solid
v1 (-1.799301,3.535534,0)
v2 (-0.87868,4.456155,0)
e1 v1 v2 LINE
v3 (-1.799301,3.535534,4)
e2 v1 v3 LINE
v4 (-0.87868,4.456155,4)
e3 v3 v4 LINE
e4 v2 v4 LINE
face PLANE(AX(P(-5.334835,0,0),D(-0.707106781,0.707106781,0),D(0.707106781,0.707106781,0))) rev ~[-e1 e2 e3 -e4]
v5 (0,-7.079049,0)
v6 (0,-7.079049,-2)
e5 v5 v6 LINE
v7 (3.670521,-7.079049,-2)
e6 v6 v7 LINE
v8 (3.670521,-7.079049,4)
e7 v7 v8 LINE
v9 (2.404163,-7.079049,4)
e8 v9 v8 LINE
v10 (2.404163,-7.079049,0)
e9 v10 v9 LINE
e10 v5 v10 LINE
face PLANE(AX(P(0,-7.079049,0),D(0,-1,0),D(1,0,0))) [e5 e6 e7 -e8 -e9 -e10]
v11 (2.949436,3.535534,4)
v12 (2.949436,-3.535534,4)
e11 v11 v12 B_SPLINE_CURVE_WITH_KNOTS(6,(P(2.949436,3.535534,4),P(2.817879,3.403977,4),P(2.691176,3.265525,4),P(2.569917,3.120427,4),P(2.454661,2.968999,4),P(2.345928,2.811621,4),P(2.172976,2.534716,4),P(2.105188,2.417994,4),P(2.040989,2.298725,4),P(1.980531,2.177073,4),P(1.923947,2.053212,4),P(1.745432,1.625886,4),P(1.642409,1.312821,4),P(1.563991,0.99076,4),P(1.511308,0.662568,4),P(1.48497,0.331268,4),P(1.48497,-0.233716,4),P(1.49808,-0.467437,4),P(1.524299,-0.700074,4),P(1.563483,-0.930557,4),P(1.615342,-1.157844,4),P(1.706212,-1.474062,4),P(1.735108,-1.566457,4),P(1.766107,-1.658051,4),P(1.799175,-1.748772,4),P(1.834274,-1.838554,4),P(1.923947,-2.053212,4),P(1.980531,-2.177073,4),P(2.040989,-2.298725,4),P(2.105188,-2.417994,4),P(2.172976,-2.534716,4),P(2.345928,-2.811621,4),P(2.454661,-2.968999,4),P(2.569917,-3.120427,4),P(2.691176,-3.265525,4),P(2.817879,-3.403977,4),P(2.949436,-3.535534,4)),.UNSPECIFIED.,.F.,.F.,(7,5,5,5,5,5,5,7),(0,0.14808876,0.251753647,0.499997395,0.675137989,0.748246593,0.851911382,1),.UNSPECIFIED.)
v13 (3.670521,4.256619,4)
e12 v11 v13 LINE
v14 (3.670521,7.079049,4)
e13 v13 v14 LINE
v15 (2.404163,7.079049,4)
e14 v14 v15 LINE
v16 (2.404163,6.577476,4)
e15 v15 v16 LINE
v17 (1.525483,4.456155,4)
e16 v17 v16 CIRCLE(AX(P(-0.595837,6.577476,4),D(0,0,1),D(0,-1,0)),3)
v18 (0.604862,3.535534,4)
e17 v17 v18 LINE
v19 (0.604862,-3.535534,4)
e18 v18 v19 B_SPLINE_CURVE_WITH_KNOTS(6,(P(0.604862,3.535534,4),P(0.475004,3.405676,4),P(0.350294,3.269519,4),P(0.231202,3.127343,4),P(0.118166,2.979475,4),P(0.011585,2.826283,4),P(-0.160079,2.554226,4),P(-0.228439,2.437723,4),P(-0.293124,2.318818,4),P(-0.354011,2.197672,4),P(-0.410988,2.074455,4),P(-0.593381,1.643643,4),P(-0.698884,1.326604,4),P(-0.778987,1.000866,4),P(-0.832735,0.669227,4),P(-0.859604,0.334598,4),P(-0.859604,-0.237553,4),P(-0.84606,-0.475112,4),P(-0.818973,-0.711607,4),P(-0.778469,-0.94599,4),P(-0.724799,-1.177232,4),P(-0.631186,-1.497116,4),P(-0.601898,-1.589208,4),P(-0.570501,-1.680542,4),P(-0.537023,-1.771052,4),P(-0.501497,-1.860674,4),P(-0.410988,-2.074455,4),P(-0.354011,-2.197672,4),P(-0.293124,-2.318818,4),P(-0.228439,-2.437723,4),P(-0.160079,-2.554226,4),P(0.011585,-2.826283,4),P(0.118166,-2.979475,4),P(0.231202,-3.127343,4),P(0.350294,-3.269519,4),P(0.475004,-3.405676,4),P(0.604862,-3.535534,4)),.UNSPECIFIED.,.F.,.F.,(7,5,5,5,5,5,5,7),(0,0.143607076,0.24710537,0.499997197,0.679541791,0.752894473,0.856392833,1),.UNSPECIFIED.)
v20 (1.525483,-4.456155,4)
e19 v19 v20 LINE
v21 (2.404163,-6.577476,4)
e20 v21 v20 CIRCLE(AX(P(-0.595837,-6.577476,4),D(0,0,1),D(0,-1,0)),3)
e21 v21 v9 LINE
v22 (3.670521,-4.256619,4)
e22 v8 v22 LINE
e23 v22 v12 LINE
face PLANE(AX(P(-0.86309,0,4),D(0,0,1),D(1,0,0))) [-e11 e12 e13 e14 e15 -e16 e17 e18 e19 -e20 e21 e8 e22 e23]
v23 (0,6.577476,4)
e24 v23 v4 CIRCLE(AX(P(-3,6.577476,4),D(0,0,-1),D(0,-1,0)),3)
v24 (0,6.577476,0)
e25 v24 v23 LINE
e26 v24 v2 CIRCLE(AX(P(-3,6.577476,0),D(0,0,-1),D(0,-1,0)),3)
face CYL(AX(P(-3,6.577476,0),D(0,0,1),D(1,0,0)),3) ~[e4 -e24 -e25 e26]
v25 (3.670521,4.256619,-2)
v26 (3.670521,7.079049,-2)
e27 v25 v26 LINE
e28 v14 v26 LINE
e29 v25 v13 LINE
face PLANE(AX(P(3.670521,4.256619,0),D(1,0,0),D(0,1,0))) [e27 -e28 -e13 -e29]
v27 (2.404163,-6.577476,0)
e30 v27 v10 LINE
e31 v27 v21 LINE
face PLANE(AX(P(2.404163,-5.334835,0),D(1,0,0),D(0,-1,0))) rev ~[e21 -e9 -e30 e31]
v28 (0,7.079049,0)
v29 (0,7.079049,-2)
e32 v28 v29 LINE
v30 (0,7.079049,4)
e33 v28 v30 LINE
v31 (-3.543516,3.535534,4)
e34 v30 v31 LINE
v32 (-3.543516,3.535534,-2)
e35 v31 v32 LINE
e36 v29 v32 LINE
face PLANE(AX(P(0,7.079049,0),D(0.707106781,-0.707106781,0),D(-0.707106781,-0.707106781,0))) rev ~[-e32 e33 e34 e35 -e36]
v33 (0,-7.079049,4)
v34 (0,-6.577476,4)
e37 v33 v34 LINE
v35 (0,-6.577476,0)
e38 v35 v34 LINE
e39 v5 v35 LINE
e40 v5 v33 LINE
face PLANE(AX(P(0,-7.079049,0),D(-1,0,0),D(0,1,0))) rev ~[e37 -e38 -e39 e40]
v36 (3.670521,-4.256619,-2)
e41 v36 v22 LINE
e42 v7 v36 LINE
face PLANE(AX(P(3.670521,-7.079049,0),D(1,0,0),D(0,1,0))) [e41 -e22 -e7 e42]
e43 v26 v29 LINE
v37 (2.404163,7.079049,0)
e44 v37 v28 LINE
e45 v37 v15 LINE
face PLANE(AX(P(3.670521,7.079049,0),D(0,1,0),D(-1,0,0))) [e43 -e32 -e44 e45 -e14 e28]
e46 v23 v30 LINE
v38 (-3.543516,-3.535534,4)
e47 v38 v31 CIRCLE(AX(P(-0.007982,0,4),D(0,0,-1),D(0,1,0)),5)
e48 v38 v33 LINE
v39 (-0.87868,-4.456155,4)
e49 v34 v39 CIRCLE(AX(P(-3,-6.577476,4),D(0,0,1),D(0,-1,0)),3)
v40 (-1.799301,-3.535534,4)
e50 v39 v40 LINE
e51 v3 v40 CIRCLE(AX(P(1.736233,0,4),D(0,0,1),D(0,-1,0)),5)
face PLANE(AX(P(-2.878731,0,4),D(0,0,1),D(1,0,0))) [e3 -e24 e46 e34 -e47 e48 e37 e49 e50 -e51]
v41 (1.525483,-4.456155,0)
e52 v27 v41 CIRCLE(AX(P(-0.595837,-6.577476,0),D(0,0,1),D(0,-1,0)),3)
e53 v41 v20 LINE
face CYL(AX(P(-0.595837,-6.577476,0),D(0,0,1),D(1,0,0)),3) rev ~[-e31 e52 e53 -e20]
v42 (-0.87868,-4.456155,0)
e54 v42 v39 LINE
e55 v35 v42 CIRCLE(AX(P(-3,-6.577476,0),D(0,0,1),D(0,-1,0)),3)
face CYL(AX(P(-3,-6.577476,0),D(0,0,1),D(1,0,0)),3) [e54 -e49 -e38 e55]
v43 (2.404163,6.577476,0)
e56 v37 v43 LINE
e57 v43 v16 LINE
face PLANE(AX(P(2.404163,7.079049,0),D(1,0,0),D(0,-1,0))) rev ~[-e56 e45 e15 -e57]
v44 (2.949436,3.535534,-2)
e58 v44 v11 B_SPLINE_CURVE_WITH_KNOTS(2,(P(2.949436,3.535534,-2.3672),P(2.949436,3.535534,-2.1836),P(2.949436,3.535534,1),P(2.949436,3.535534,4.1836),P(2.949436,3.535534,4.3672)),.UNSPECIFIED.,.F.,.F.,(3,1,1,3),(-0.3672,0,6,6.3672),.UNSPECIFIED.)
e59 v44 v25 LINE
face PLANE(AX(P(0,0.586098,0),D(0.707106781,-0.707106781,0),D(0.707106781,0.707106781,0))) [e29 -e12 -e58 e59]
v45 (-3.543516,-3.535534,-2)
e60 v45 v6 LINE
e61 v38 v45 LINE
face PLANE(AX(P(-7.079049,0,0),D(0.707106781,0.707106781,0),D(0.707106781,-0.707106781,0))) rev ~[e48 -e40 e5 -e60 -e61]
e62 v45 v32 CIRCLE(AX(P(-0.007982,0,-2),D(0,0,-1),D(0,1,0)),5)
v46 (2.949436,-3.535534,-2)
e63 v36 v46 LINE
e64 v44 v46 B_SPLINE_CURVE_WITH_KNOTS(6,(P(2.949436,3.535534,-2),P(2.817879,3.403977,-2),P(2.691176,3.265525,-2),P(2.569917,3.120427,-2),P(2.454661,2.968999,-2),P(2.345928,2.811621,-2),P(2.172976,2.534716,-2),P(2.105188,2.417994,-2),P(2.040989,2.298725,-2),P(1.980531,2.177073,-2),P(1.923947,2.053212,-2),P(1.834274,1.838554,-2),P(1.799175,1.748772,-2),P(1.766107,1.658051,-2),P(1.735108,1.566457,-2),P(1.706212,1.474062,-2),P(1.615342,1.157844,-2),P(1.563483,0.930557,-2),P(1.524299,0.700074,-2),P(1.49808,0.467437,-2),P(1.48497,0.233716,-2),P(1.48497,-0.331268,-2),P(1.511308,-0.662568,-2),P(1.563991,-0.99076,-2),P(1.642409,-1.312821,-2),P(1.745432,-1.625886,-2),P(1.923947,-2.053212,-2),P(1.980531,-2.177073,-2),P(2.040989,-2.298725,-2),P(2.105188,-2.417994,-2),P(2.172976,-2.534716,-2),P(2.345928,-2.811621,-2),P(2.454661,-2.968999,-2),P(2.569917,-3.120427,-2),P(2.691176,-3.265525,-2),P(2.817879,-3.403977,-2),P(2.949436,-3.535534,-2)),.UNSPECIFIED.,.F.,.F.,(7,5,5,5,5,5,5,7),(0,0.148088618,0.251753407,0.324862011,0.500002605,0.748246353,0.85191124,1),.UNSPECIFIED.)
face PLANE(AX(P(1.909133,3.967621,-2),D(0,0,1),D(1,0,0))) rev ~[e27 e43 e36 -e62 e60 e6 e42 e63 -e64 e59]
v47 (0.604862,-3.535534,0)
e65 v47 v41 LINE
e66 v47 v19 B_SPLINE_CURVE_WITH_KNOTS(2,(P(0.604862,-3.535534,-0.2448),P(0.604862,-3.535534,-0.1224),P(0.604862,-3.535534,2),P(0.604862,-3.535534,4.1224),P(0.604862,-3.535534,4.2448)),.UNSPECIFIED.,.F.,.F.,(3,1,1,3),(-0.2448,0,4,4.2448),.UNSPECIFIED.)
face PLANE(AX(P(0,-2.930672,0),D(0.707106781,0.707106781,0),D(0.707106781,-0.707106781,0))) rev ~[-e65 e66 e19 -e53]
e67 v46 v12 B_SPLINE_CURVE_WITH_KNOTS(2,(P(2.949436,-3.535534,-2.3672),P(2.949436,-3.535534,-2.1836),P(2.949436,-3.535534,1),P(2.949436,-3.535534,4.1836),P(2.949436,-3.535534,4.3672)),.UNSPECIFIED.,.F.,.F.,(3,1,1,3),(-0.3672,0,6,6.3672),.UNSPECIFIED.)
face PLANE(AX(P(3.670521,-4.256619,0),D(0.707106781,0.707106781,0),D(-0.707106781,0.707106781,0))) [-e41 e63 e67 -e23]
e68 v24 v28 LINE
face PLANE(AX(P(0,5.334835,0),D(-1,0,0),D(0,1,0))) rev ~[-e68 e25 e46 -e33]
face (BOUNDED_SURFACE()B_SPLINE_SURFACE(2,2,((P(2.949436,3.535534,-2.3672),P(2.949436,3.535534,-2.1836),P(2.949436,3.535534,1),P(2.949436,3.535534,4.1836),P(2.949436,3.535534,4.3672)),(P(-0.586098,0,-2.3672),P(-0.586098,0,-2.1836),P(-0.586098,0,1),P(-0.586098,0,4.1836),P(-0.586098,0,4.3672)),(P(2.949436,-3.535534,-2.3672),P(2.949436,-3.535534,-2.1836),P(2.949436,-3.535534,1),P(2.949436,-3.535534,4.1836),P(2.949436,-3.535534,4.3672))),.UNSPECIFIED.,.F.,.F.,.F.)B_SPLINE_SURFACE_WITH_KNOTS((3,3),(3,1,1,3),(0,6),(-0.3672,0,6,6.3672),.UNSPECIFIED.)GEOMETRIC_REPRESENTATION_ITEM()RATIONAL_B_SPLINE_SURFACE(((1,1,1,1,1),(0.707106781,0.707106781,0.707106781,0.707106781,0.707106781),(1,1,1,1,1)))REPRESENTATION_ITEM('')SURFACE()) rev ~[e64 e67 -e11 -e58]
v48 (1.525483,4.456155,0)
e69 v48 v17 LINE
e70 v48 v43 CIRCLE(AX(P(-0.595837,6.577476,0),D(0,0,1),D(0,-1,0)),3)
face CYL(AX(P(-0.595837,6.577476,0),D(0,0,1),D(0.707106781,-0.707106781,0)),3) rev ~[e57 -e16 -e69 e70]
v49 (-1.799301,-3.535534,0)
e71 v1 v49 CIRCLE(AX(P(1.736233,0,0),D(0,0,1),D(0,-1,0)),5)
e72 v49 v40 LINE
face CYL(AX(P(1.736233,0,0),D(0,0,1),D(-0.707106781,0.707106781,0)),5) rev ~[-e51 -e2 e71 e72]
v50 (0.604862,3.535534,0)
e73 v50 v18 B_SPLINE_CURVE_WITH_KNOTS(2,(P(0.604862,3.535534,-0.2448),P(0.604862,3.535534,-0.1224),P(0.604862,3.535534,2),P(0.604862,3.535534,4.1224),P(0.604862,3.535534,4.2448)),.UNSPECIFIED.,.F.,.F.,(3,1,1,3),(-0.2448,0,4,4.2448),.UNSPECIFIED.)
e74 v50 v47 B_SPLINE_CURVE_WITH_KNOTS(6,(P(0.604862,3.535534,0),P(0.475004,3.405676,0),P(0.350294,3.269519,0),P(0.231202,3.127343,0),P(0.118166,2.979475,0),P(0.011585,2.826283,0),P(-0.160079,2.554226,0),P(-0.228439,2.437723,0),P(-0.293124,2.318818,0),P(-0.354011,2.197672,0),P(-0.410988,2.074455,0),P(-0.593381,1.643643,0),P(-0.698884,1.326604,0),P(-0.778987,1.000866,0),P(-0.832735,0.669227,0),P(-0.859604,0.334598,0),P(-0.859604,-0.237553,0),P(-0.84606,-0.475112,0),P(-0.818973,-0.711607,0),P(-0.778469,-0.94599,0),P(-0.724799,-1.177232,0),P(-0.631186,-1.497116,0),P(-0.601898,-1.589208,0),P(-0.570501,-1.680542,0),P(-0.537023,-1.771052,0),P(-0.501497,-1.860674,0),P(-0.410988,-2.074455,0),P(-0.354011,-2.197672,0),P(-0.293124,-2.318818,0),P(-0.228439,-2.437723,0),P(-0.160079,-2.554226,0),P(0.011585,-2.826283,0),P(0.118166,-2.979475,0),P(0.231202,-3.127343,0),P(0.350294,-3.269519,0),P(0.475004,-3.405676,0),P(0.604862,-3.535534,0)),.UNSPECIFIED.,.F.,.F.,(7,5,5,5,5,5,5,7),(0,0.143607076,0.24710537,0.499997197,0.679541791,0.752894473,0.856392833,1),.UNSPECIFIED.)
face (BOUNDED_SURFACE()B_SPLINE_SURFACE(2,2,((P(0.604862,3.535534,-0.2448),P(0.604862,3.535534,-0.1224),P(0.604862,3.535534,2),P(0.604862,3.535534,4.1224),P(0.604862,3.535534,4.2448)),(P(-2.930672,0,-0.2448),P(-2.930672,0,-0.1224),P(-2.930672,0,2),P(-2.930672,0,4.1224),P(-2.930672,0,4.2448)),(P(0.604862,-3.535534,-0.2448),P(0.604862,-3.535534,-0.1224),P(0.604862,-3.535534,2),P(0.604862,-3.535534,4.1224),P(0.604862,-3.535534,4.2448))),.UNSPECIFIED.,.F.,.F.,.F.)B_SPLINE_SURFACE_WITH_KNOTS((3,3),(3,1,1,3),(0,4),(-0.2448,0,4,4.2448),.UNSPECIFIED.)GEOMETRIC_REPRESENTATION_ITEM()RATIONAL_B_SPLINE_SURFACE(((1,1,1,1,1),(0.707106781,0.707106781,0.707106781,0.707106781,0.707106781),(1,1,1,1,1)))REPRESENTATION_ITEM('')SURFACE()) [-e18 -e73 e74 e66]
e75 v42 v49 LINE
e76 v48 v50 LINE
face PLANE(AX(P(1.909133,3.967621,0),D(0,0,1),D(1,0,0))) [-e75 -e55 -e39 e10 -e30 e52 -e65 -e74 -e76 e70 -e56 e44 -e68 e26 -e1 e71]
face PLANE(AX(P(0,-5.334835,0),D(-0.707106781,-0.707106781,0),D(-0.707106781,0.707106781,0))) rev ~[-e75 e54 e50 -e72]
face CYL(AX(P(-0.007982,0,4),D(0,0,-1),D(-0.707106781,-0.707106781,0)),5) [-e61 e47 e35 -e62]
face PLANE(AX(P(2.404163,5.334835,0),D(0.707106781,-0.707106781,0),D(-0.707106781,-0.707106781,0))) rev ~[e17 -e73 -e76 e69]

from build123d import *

# Parameters (mm, degrees)
F1_DEPTH = 2
F2_DEPTH = 4
F3_R     = 5
F4_R     = 3


with BuildPart() as f1:
    # F0 (on Top) → F1 (new body)
    with BuildSketch(Plane.XY):
        Polygon((3.6705210805, 7.0790494792), (2.404163056, 7.0790494792), (2.404163056, 5.3348351503), (0, 2.9306720942), (0, 0.5860975944), (3.6705210805, 4.2566186748), align=None)
        Polygon((2.404163056, -5.3348351503), (2.404163056, -7.0790494792), (3.6705210805, -7.0790494792), (3.6705210805, -4.2566186748), (0, -0.5860975944), (0, -2.9306720942), align=None)
        Polygon((0, -5.3348351503), (0, -7.0790494792), (2.404163056, -7.0790494792), (2.404163056, -5.3348351503), (0, -2.9306720942), align=None)
        Polygon((-7.0790494792, 0), (0, -7.0790494792), (0, -5.3348351503), (-5.3348351503, 0), (0, 5.3348351503), (0, 7.0790494792), align=None)
        Polygon((2.404163056, 7.0790494792), (0, 7.0790494792), (0, 5.3348351503), (0, 2.9306720942), (2.404163056, 5.3348351503), align=None)
        Polygon((-5.3348351503, 0), (0, -5.3348351503), (0, -2.9306720942), (-2.9306720942, 0), (0, 2.9306720942), (0, 5.3348351503), align=None)
        Polygon((-2.9306720942, 0), (0, -2.9306720942), (0, -0.5860975944), (-0.5860975944, 0), (0, 0.5860975944), (0, 2.9306720942), align=None)
    extrude(amount=-F1_DEPTH)

    # F0 (on Top) → F2 (join)
    with BuildSketch(Plane.XY):
        Polygon((-7.0790494792, 0), (0, -7.0790494792), (0, -5.3348351503), (-5.3348351503, 0), (0, 5.3348351503), (0, 7.0790494792), align=None)
        Polygon((-2.9306720942, 0), (0, -2.9306720942), (0, -0.5860975944), (-0.5860975944, 0), (0, 0.5860975944), (0, 2.9306720942), align=None)
        Polygon((3.6705210805, 7.0790494792), (2.404163056, 7.0790494792), (2.404163056, 5.3348351503), (0, 2.9306720942), (0, 0.5860975944), (3.6705210805, 4.2566186748), align=None)
        Polygon((2.404163056, -5.3348351503), (2.404163056, -7.0790494792), (3.6705210805, -7.0790494792), (3.6705210805, -4.2566186748), (0, -0.5860975944), (0, -2.9306720942), align=None)
    extrude(amount=F2_DEPTH)

    # F3
    f3_edges = [f1.edges().sort_by_distance(p)[0] for p in [
        (-2.930672, 0, 2),
        (-0.586098, 0, 1),
        (-5.334835, 0, 2),
        (-7.079049, 0, 1),
    ]]
    fillet(f3_edges, radius=F3_R)

    # F4
    f4_edges = [f1.edges().sort_by_distance(p)[0] for p in [
        (2.404163, -5.334835, 2),
        (0, -5.334835, 2),
        (0, 5.334835, 2),
        (2.404163, 5.334835, 2),
    ]]
    fillet(f4_edges, radius=F4_R)


solid = f1.part
